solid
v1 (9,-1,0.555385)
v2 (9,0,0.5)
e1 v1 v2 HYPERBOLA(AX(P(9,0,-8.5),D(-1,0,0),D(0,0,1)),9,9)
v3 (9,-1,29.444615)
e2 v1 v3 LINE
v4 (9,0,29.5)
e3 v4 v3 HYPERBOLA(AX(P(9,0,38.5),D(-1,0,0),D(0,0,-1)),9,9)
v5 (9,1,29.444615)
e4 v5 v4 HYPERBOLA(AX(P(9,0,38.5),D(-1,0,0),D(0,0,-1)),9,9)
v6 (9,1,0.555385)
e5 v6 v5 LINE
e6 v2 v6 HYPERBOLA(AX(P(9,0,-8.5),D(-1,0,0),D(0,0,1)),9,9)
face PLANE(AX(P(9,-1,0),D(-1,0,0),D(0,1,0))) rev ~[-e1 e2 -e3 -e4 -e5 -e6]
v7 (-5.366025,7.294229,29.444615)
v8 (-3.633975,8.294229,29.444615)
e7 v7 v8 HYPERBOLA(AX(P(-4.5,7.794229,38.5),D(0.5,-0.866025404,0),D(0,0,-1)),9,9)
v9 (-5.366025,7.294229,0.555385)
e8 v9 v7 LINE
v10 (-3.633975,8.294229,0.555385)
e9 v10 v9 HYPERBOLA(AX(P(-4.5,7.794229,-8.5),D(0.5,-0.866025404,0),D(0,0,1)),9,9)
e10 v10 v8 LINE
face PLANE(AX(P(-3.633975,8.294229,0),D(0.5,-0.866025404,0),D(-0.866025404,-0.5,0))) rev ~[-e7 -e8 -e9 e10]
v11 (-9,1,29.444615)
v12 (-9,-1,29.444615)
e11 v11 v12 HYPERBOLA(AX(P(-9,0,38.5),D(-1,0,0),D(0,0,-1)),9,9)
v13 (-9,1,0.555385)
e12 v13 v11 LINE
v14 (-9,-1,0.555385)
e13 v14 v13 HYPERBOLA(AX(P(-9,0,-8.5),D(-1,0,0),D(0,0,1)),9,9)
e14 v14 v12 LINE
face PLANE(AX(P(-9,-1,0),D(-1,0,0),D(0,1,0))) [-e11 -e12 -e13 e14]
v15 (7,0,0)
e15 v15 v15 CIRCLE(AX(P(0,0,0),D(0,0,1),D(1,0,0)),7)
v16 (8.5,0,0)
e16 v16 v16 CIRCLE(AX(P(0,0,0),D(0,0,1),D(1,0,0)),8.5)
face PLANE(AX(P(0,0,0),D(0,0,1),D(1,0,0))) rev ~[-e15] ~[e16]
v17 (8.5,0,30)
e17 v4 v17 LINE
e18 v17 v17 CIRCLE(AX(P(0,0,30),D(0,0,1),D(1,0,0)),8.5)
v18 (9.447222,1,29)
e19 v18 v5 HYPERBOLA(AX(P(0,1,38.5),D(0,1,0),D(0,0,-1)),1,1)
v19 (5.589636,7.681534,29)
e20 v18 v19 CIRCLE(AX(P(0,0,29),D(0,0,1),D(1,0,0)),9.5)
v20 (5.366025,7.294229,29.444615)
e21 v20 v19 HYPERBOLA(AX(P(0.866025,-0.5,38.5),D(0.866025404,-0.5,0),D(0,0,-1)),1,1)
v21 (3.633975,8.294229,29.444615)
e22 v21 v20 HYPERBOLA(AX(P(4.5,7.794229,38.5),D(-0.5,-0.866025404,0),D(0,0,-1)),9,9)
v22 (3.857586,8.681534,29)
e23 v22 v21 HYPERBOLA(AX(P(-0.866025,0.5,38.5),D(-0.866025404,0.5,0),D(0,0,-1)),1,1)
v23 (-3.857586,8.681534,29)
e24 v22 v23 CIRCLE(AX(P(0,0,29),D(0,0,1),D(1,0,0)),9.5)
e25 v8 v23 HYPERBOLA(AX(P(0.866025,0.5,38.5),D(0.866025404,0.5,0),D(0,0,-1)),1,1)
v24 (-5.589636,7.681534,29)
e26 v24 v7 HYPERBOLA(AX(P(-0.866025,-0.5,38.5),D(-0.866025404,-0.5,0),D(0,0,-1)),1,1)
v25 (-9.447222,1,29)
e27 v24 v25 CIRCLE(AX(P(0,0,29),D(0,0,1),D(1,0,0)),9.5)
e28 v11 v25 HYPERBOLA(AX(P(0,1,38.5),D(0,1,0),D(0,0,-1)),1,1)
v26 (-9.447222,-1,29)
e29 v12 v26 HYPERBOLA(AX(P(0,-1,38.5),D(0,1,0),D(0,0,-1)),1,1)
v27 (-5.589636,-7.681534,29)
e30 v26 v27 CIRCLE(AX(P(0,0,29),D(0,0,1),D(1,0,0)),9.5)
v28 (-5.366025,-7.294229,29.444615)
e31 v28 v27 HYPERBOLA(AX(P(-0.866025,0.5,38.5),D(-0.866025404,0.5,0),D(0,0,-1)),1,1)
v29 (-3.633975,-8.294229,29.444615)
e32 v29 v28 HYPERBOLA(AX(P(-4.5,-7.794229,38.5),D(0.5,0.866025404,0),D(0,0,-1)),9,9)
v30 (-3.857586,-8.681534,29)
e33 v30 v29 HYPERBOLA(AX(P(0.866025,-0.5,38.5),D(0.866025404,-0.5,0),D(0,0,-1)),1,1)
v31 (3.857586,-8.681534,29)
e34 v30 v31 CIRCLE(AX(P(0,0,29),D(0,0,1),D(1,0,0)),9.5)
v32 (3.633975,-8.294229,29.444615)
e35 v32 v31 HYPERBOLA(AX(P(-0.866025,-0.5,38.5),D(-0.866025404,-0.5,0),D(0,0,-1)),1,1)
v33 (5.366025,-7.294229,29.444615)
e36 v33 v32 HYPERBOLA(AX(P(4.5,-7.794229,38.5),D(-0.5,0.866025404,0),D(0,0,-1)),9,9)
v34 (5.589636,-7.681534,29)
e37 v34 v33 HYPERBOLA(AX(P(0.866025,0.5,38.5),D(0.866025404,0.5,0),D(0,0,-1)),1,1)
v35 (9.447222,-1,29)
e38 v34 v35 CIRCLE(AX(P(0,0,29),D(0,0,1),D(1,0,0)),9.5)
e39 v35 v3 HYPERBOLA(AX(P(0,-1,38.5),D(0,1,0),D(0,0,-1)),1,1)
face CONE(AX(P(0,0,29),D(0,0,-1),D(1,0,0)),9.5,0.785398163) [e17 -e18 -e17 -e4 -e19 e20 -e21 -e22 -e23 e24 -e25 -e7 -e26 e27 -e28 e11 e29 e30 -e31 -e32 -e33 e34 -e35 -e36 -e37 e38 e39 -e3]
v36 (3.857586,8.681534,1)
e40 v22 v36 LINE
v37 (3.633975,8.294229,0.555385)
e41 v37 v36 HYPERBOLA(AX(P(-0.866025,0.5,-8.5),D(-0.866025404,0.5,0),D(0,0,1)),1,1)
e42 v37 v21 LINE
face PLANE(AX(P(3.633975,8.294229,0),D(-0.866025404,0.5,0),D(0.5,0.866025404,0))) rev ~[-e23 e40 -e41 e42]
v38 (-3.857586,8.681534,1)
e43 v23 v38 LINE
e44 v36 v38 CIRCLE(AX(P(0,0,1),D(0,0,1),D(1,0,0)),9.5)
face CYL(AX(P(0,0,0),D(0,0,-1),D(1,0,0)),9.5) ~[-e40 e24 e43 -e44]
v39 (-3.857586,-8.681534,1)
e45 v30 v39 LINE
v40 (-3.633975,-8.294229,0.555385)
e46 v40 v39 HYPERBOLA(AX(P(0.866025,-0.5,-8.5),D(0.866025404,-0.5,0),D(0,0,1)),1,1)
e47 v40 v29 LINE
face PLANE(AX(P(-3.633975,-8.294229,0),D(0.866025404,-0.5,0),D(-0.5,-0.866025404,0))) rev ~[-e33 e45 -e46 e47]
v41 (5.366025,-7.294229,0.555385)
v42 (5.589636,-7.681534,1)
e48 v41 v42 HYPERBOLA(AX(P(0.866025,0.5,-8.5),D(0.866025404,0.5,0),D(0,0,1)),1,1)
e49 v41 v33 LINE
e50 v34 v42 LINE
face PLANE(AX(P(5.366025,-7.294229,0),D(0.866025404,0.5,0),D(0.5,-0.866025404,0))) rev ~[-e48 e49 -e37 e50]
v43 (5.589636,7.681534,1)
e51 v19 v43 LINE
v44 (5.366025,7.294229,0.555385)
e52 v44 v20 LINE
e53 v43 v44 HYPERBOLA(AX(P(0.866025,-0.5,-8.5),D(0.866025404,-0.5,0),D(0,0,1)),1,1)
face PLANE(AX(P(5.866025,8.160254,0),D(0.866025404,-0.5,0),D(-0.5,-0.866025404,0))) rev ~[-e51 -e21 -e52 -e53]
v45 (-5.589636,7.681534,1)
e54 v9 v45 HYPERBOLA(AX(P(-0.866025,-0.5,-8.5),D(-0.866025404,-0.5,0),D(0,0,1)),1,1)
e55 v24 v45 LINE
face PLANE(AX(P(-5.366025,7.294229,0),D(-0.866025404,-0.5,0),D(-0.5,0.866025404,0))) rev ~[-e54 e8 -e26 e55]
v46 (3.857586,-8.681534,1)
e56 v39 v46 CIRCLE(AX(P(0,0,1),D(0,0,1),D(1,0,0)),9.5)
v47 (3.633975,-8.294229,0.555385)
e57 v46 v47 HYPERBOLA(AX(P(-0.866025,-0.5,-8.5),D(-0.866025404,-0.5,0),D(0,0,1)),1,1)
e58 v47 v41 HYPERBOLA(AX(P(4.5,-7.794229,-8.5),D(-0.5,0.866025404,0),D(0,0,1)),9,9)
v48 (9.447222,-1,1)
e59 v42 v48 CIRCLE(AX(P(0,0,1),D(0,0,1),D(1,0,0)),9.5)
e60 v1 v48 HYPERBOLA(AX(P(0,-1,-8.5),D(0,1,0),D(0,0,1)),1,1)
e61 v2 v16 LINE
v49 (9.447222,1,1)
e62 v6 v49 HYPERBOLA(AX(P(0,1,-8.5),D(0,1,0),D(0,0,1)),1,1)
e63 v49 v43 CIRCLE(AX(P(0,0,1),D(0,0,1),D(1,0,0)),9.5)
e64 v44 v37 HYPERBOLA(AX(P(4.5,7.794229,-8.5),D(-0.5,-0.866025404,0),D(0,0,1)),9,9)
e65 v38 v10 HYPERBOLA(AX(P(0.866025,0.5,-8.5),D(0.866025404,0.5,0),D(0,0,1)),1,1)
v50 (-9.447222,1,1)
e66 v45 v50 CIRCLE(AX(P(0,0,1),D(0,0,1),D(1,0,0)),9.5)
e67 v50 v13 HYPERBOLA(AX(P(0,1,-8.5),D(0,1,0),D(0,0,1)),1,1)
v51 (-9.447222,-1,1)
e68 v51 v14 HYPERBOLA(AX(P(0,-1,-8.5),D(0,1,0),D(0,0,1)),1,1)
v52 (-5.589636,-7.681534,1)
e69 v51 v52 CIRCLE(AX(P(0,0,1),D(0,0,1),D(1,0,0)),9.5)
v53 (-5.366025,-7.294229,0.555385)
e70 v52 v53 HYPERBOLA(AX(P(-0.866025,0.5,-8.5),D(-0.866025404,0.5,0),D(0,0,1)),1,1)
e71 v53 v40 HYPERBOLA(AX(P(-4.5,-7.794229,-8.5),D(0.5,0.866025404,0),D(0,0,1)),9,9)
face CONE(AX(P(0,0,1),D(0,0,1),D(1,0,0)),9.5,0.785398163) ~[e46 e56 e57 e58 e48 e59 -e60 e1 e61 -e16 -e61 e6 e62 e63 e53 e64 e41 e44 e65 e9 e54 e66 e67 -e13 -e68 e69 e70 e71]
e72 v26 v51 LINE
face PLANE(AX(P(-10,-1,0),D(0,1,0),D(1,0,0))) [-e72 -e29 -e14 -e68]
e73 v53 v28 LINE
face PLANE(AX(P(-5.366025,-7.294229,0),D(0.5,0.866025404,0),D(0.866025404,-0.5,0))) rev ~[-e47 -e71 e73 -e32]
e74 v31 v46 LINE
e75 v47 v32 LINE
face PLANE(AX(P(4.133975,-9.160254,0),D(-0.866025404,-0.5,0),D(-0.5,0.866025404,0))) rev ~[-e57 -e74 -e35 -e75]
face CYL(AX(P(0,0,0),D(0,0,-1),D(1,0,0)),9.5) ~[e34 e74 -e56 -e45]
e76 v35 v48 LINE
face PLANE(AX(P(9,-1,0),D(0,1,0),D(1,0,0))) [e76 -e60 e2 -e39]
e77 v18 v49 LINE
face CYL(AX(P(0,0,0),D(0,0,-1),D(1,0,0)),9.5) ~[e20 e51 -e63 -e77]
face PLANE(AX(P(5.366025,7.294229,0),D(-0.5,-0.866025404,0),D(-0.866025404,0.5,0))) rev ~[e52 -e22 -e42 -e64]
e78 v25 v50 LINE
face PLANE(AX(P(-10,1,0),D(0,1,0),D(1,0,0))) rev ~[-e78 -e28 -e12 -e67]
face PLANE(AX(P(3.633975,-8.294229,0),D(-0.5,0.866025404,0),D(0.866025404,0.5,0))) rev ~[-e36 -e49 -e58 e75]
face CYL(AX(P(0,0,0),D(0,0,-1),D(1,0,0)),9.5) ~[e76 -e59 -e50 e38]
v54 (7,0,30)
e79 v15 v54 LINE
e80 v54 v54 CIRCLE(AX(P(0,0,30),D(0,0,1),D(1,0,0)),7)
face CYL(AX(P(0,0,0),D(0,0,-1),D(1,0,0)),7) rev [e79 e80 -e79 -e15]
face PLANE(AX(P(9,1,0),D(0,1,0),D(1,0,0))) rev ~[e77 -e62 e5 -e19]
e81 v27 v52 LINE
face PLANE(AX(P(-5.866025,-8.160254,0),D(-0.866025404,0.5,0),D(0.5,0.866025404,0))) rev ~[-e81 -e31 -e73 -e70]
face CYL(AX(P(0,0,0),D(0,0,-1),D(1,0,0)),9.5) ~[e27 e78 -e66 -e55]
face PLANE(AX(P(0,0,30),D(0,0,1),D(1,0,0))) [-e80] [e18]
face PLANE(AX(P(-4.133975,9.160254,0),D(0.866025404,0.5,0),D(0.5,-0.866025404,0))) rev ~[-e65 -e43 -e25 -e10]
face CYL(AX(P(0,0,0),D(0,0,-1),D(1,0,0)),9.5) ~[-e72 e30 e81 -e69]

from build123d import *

# Parameters (mm, degrees)
SKETCH_1_R          = 9.5
SKETCH_1_R_2        = 7
EXTRUDE_1_DEPTH     = 30
CHAMFER_1_SIZE      = 1
SKETCH_2_W          = 1
SKETCH_2_H          = 2
CUT_EXTRUDE_1_DEPTH = 33.870959828


with BuildPart() as part:
    # 스케치1 → 보스-돌출1 (new body)
    with BuildSketch(Plane.XY):
        Circle(SKETCH_1_R)
        Circle(SKETCH_1_R_2, mode=Mode.SUBTRACT)
    extrude(amount=EXTRUDE_1_DEPTH)

    # 모따기1
    chamfer_1_edges = [part.edges().sort_by_distance(p)[0] for p in [
        (-9.5, 0, 0),
        (-9.5, 0, 30),
    ]]
    chamfer(chamfer_1_edges, length=CHAMFER_1_SIZE)

    # 스케치2 → 컷-돌출1 (cut, through all)
    with BuildSketch(Plane.XY):
        Polygon((-3.633974596, 8.294228634), (-5.366025404, 7.294228634), (-5.866025404, 8.160254038), (-4.133974596, 9.160254038), align=None)
        with Locations((-9.5, 0)):
            Rectangle(SKETCH_2_W, SKETCH_2_H)
        Polygon((5.366025404, 7.294228634), (3.633974596, 8.294228634), (4.133974596, 9.160254038), (5.866025404, 8.160254038), align=None)
        with Locations((9.5, 0)):
            Rectangle(SKETCH_2_W, SKETCH_2_H)
        Polygon((3.633974596, -8.294228634), (5.366025404, -7.294228634), (5.866025404, -8.160254038), (4.133974596, -9.160254038), align=None)
        Polygon((-5.366025404, -7.294228634), (-3.633974596, -8.294228634), (-4.133974596, -9.160254038), (-5.866025404, -8.160254038), align=None)
    extrude(amount=CUT_EXTRUDE_1_DEPTH, mode=Mode.SUBTRACT)


solid = part.part
